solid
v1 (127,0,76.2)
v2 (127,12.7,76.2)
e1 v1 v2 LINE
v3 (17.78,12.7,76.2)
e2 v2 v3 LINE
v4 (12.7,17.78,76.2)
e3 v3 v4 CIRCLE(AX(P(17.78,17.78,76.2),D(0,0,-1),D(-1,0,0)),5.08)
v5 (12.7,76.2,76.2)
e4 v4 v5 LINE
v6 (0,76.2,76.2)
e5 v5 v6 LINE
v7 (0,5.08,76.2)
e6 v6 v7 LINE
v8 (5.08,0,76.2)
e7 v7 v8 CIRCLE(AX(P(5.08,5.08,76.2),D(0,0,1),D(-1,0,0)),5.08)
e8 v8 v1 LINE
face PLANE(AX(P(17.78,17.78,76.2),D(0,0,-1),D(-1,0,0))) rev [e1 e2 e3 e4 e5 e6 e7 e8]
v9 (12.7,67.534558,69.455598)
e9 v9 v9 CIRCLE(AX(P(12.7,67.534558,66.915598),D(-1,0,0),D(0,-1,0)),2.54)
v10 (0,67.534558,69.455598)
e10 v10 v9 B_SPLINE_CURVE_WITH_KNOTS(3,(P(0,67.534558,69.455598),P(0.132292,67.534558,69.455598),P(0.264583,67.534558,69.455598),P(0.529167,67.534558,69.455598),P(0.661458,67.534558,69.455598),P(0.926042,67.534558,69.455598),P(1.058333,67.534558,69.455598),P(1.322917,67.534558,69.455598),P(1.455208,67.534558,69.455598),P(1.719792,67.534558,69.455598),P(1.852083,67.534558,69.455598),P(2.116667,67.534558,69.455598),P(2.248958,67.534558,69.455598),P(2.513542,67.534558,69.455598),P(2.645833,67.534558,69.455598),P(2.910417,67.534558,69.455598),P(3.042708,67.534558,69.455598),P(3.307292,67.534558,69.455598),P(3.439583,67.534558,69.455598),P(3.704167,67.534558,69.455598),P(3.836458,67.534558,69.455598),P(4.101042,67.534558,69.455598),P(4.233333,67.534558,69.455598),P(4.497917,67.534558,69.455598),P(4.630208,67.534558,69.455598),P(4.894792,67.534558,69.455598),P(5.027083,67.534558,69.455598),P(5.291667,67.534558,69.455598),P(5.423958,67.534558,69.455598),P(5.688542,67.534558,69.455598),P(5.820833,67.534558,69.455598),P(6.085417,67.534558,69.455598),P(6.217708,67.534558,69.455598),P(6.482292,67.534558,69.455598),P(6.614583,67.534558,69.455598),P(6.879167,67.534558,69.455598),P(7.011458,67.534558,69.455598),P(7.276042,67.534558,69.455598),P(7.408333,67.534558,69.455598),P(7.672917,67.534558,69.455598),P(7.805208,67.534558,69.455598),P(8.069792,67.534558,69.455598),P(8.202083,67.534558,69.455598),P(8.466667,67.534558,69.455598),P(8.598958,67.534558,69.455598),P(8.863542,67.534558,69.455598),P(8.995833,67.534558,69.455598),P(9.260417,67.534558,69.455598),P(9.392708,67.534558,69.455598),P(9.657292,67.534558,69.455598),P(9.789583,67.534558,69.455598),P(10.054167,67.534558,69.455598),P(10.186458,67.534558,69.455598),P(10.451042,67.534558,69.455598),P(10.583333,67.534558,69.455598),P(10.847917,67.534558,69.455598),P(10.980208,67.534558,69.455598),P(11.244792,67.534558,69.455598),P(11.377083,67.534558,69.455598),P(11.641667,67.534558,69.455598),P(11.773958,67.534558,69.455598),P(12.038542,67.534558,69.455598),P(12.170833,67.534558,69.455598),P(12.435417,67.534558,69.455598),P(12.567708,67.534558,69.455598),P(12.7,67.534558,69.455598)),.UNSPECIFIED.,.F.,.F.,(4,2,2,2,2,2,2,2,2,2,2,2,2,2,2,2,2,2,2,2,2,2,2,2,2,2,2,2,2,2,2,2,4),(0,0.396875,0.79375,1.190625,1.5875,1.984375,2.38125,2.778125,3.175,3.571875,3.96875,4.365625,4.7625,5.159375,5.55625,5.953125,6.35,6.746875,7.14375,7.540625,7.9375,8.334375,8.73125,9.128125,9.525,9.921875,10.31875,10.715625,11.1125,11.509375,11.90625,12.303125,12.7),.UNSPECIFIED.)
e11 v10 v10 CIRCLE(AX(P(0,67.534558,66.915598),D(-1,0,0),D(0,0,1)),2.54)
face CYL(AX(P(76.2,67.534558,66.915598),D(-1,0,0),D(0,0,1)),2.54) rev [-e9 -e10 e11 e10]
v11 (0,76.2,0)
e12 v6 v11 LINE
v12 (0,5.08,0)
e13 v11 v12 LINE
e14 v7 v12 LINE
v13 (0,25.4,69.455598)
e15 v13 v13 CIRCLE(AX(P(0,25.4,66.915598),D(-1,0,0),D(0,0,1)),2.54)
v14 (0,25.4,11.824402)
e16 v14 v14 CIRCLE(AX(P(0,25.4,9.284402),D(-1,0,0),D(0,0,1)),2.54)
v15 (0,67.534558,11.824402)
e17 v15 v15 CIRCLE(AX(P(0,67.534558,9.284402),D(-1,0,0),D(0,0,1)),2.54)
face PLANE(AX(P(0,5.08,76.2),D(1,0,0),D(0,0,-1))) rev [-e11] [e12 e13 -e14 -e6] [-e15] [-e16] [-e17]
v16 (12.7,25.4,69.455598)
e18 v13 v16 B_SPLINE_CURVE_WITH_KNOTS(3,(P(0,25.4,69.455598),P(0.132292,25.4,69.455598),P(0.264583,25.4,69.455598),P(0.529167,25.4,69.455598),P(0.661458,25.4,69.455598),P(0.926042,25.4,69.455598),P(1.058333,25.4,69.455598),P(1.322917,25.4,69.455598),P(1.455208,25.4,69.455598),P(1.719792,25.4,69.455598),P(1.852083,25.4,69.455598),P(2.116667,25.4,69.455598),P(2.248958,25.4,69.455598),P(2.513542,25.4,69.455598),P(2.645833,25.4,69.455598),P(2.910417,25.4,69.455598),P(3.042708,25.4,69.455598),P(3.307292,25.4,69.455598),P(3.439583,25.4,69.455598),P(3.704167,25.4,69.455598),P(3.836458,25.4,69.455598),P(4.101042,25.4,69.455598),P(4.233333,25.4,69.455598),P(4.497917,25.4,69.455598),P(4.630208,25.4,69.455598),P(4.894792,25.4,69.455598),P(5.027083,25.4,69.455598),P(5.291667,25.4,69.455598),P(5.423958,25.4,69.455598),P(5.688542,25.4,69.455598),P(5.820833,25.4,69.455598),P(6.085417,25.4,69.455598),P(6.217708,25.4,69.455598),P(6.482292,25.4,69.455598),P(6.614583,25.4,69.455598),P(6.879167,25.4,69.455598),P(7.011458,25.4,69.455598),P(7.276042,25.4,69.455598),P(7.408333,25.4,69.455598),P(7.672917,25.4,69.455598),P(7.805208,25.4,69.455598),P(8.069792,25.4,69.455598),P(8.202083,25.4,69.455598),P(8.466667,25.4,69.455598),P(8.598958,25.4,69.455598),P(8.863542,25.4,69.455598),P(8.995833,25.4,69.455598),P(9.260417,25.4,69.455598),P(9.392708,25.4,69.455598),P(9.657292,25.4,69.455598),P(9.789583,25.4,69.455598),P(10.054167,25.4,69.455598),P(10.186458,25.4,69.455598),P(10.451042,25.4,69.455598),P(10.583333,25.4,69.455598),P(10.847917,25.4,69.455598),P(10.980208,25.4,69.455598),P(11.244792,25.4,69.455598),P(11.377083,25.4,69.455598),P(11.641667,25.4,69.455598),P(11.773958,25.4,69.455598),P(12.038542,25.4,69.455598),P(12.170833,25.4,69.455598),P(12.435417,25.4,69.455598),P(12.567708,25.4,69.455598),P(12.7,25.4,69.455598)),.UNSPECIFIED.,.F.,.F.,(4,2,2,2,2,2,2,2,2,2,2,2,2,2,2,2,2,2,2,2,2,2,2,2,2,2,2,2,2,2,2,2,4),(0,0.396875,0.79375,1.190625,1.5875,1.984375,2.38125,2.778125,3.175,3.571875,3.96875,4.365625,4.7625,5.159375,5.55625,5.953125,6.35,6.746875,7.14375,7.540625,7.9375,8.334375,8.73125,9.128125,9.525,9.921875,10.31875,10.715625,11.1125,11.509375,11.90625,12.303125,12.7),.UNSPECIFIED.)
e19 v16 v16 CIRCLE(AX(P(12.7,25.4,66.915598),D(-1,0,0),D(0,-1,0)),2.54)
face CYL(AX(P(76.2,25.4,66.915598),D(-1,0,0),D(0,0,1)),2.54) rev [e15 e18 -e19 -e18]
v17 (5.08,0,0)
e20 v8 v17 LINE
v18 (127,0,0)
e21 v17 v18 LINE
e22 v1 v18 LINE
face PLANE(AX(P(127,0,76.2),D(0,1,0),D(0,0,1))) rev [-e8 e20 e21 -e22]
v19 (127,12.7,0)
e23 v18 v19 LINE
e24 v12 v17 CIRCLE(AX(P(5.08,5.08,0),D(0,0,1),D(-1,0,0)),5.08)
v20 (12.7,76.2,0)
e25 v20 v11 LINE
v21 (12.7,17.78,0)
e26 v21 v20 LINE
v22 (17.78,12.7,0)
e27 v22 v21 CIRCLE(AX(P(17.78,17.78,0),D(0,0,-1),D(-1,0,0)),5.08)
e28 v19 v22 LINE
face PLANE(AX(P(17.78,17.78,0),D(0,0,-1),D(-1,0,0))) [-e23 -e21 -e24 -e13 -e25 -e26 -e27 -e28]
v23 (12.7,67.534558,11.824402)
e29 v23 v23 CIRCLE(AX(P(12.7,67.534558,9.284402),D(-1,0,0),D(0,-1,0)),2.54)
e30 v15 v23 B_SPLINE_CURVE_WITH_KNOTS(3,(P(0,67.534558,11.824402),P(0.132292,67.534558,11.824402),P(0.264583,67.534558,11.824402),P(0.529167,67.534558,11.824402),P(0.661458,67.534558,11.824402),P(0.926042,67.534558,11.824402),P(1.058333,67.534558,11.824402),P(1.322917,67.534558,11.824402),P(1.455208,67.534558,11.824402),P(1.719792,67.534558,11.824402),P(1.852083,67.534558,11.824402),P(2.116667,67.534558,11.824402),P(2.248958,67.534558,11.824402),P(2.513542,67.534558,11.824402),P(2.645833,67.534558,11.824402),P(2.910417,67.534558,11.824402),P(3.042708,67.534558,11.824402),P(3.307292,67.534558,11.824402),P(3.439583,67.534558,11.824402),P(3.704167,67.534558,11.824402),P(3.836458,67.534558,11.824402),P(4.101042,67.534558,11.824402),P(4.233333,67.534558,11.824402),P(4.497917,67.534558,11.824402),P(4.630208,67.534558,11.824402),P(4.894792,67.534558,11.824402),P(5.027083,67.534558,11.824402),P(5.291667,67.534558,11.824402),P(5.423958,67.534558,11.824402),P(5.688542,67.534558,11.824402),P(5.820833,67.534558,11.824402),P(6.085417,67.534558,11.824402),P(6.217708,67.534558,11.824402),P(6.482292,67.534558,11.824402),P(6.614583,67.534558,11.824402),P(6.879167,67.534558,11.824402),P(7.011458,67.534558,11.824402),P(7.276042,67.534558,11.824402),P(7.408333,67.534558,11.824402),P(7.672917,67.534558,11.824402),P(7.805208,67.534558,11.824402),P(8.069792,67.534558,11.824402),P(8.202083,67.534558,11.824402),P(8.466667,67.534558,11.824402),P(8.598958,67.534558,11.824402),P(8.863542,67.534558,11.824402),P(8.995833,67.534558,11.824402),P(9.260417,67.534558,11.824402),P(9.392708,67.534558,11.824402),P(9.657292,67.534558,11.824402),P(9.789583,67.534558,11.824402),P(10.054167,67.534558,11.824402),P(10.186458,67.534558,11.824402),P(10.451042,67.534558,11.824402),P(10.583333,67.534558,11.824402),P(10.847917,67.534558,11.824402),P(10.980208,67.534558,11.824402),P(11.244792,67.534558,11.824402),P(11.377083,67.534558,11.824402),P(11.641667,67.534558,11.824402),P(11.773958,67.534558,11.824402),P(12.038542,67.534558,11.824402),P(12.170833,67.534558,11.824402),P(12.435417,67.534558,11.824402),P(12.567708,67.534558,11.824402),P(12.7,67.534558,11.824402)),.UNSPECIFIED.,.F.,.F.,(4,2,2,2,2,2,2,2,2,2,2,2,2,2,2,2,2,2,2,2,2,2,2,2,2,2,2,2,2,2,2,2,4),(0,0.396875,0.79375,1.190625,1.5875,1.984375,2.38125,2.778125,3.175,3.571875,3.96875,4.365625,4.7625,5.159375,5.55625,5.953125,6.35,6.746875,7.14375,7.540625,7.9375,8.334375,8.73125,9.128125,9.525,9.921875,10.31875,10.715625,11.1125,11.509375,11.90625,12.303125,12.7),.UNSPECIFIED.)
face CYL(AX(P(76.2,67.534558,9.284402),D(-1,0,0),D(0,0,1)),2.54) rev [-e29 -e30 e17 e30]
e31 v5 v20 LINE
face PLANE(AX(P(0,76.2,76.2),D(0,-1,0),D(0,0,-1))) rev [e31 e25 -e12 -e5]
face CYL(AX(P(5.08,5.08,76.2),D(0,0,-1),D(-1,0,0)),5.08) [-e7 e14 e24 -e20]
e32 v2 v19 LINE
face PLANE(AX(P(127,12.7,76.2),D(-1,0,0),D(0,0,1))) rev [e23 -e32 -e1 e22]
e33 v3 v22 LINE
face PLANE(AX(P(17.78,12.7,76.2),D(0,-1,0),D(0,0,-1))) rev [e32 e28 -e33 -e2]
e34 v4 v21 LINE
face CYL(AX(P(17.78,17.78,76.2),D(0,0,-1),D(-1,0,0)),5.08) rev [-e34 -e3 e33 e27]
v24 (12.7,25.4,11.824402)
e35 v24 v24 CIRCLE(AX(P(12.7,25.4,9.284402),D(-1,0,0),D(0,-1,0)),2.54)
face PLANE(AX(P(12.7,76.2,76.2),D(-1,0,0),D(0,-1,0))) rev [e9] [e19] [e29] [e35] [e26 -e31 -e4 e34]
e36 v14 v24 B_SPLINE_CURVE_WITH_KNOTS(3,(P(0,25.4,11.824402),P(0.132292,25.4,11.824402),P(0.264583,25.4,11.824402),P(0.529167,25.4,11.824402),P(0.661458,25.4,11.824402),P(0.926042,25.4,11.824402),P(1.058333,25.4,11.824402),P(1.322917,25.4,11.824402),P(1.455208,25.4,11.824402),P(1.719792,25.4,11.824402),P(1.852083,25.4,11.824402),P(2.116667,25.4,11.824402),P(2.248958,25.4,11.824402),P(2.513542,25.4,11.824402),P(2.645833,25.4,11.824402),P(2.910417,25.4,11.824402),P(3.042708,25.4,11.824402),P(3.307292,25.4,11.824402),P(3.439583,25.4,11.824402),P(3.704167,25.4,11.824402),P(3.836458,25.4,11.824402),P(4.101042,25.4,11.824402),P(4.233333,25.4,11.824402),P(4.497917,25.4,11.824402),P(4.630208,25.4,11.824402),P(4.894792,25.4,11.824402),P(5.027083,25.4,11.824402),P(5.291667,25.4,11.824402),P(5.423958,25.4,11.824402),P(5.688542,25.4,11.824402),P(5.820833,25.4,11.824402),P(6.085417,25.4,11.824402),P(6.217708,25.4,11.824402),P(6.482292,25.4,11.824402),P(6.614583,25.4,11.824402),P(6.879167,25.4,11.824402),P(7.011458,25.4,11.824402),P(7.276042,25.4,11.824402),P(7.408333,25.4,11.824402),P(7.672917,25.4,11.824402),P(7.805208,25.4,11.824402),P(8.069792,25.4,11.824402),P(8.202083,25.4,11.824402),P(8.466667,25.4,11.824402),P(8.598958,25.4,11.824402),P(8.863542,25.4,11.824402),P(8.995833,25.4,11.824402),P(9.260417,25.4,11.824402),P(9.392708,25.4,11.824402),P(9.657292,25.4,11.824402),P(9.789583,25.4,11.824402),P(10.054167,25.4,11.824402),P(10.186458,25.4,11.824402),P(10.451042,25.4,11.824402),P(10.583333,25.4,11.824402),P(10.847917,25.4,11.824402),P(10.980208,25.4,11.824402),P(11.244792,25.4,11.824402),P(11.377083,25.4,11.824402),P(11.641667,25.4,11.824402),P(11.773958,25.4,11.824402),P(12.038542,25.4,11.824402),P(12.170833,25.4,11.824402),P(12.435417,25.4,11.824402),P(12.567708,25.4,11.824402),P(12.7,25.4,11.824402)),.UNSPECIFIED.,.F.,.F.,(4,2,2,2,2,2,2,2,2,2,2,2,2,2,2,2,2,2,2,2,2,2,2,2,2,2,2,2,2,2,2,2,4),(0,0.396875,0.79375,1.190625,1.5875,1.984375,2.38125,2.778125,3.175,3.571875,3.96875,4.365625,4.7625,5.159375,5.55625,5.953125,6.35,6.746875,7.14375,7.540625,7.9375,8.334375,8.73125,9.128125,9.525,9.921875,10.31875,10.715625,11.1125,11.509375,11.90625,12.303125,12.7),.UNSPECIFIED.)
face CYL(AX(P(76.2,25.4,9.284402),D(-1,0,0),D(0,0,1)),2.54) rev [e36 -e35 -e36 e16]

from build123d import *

# Parameters (mm, degrees)
BOSS_EXTRUDE1_DEPTH = 76.2
SKETCH4_R           = 2.54
CUT_EXTRUDE2_DEPTH  = 76.2


with BuildPart() as part:
    # Sketch1 → Boss-Extrude1 (new body)
    with BuildSketch(Plane.XY):
        with BuildLine():
            Line((0, 5.08), (0, 76.2))
            Line((0, 76.2), (12.7, 76.2))
            Line((12.7, 76.2), (12.7, 17.78))
            ThreePointArc((12.7, 17.78), (14.187897552, 14.187897552), (17.78, 12.7))
            Line((17.78, 12.7), (127, 12.7))
            Line((127, 12.7), (127, 0))
            Line((127, 0), (5.08, 0))
            ThreePointArc((5.08, 0), (1.487897552, 1.487897552), (0, 5.08))
        make_face()
    extrude(amount=BOSS_EXTRUDE1_DEPTH)

    # Sketch4 → Cut-Extrude2 (cut)
    with BuildSketch(Plane.ZY):
        with Locations((9.284401907, 67.53455822)):
            Circle(SKETCH4_R)
        with Locations((66.915598093, 67.53455822)):
            Circle(SKETCH4_R)
        with Locations((66.915598093, 25.4)):
            Circle(SKETCH4_R)
        with Locations((9.284401907, 25.4)):
            Circle(SKETCH4_R)
    extrude(amount=-CUT_EXTRUDE2_DEPTH, mode=Mode.SUBTRACT)


solid = part.part
